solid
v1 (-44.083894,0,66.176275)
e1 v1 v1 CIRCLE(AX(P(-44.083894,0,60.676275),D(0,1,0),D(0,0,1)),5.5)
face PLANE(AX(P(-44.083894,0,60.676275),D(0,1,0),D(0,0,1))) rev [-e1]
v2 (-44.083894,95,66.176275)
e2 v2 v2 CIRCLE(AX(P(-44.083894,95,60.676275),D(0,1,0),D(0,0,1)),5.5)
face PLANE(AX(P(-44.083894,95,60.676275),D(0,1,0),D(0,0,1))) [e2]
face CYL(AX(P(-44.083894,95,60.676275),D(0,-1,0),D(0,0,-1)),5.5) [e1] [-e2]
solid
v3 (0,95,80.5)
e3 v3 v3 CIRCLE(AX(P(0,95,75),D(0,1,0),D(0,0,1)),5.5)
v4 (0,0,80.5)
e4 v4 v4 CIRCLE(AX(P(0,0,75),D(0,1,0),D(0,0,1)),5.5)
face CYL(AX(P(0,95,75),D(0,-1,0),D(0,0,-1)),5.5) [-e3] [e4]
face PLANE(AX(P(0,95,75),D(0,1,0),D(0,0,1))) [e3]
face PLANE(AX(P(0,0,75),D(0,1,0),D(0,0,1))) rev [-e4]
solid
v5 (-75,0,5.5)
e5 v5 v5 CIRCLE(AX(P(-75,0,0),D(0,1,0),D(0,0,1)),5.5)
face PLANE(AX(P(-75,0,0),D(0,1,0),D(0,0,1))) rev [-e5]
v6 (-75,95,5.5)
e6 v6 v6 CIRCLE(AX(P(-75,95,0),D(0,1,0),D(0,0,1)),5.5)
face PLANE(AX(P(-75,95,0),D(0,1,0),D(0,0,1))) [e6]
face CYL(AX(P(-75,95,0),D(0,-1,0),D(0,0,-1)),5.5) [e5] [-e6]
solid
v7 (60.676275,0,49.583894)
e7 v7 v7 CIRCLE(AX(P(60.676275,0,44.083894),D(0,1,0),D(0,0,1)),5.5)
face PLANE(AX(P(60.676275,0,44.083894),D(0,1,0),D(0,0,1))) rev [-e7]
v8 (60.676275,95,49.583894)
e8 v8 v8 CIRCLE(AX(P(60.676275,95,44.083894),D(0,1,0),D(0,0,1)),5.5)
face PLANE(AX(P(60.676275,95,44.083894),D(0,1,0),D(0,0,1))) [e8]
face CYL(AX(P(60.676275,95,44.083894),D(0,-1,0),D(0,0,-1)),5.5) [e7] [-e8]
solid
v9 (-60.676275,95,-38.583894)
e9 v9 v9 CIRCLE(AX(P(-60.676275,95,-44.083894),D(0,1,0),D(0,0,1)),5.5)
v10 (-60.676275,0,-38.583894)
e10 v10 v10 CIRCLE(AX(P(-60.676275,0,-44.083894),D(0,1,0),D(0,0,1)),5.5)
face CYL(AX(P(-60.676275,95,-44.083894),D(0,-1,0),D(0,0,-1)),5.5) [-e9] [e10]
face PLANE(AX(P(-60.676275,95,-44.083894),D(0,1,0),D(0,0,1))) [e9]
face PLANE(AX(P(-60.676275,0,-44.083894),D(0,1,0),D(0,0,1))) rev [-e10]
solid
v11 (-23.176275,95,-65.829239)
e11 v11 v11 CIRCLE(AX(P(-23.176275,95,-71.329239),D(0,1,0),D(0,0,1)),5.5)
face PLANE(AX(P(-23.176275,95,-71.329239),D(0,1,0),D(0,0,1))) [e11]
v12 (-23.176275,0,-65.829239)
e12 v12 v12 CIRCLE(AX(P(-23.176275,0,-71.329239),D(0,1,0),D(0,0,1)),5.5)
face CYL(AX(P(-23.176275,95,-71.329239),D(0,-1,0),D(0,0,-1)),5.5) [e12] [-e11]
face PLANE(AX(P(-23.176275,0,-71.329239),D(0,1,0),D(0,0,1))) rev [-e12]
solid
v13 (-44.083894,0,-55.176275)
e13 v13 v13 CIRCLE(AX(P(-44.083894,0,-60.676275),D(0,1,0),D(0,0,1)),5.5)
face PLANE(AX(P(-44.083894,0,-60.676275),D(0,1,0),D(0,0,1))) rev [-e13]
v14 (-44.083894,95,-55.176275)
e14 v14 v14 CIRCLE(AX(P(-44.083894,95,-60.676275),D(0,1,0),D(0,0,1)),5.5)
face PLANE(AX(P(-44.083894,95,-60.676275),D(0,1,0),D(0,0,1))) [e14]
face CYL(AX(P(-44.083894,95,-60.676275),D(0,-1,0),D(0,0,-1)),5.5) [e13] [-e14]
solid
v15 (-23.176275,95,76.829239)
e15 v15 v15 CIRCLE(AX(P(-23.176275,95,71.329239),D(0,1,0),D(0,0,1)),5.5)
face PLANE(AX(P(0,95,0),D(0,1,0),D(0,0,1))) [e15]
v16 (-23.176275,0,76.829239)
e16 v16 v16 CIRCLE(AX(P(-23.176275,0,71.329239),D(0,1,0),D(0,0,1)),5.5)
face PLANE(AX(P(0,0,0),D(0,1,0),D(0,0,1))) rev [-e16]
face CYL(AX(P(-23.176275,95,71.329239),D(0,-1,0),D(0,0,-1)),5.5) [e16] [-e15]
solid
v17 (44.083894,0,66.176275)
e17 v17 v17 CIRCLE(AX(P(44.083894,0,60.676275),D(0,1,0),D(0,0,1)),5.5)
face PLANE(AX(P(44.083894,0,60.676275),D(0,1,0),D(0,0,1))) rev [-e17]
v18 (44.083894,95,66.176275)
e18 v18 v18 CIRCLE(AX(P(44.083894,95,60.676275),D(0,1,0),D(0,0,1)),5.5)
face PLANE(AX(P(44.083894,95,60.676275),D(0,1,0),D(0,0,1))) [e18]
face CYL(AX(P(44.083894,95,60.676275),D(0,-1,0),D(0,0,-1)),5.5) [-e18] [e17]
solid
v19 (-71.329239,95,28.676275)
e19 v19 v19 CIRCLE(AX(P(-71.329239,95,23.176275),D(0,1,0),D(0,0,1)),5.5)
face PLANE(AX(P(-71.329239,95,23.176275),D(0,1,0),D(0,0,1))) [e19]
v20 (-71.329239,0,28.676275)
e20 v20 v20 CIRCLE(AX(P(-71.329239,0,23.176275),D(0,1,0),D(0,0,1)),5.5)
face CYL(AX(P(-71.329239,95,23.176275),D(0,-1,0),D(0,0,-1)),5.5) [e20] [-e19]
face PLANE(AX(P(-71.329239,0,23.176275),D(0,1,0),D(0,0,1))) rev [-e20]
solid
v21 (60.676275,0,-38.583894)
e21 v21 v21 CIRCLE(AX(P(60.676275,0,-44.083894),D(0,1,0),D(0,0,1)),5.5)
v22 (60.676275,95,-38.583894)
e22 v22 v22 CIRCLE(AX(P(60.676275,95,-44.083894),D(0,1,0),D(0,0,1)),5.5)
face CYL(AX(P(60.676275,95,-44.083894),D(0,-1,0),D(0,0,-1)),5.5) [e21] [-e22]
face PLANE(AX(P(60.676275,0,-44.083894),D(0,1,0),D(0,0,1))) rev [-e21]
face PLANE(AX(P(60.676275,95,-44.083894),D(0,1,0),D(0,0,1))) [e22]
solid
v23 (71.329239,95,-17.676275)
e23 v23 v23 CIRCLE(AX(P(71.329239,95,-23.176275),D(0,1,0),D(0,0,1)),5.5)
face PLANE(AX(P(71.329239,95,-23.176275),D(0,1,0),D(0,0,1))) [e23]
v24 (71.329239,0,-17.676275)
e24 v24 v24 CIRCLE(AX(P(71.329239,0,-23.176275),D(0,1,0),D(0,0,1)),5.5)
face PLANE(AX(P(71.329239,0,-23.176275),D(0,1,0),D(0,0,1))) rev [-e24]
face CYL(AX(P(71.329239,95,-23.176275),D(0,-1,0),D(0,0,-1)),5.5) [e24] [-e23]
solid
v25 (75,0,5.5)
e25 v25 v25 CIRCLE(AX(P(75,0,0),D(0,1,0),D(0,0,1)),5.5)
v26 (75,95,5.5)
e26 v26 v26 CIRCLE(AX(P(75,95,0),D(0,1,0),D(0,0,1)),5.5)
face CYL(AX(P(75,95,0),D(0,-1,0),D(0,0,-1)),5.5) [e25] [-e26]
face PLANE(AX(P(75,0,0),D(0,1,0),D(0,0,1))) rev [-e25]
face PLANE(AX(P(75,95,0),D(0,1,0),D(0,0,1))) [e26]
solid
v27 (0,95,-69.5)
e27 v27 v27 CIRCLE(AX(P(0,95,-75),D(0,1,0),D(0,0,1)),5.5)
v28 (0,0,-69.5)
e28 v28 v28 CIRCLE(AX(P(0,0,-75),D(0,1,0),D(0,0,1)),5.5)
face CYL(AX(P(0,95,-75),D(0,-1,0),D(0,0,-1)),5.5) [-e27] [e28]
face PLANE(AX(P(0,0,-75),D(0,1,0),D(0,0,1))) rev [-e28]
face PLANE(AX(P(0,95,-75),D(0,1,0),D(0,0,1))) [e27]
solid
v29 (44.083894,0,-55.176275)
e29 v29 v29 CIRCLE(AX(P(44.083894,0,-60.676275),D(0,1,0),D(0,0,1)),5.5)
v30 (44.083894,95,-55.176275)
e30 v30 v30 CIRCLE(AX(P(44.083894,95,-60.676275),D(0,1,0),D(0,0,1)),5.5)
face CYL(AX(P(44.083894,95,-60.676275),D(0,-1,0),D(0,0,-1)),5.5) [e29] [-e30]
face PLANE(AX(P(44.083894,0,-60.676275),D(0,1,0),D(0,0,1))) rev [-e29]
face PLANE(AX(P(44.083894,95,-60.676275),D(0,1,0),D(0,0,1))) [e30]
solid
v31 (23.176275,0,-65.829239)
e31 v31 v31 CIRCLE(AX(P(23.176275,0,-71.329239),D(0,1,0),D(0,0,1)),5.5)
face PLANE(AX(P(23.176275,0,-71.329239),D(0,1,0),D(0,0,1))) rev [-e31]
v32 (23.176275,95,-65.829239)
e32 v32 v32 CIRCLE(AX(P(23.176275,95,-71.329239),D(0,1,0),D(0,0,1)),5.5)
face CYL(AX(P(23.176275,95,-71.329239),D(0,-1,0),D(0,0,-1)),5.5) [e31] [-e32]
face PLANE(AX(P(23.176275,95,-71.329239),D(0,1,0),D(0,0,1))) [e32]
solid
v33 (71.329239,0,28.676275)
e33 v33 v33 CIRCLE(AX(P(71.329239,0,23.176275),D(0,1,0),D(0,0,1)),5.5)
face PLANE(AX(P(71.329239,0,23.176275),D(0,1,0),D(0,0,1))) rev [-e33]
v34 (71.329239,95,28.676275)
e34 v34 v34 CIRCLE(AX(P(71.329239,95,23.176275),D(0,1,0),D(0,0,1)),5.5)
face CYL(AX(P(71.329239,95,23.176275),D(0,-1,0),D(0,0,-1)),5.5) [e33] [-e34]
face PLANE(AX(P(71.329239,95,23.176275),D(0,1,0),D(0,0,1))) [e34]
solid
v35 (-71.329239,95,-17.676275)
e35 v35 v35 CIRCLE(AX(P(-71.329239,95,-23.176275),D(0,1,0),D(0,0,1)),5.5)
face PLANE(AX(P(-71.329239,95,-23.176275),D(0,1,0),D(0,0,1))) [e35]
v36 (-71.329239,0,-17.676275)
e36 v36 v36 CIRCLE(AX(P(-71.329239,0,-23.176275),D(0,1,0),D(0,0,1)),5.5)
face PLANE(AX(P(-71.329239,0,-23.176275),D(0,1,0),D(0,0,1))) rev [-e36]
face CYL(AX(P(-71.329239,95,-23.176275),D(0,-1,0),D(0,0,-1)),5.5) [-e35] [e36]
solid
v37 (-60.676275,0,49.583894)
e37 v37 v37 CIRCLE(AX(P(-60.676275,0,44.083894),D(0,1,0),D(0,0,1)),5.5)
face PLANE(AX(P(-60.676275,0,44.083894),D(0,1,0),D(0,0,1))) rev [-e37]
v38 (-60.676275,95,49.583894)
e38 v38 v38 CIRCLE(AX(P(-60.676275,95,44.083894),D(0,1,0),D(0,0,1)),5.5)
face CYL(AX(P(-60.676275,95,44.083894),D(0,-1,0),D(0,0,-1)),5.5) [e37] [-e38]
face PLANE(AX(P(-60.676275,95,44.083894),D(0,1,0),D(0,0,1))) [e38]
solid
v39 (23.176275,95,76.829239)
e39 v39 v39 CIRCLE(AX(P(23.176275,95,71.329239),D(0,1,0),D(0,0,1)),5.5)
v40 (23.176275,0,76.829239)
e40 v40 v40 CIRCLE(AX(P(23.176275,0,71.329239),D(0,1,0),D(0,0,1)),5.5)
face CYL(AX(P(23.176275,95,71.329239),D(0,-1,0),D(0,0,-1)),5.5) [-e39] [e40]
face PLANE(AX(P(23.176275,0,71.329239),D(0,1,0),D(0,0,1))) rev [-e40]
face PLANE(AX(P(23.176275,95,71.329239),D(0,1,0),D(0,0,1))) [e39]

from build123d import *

# Parameters (mm, degrees)
SKETCH1_R              = 5.5
BOSS_EXTRUDE1_DEPTH    = 95
BOSS_EXTRUDE1_2_DEPTH  = 95
BOSS_EXTRUDE1_3_DEPTH  = 95
BOSS_EXTRUDE1_4_DEPTH  = 95
BOSS_EXTRUDE1_5_DEPTH  = 95
BOSS_EXTRUDE1_6_DEPTH  = 95
BOSS_EXTRUDE1_7_DEPTH  = 95
BOSS_EXTRUDE1_8_DEPTH  = 95
BOSS_EXTRUDE1_9_DEPTH  = 95
BOSS_EXTRUDE1_10_DEPTH = 95
BOSS_EXTRUDE1_11_DEPTH = 95
BOSS_EXTRUDE1_12_DEPTH = 95
BOSS_EXTRUDE1_13_DEPTH = 95
BOSS_EXTRUDE1_14_DEPTH = 95
BOSS_EXTRUDE1_15_DEPTH = 95
BOSS_EXTRUDE1_16_DEPTH = 95
BOSS_EXTRUDE1_17_DEPTH = 95
BOSS_EXTRUDE1_18_DEPTH = 95
BOSS_EXTRUDE1_19_DEPTH = 95
BOSS_EXTRUDE1_20_DEPTH = 95


with BuildPart() as part:
    # Sketch1 → Boss-Extrude1 (new body)
    with BuildSketch(Plane(origin=(0, 0, 0), x_dir=(1, 0, 0), z_dir=(0, 1, 0))):
        with Locations((-75, 0)):
            Circle(SKETCH1_R)
    extrude(amount=BOSS_EXTRUDE1_DEPTH)


with BuildPart() as body_2:
    # Sketch1 → Boss-Extrude1 2 (new body)
    with BuildSketch(Plane(origin=(0, 0, 0), x_dir=(1, 0, 0), z_dir=(0, 1, 0))):
        with Locations((-71.329238722, 23.176274578)):
            Circle(SKETCH1_R)
    extrude(amount=BOSS_EXTRUDE1_2_DEPTH)


with BuildPart() as body_3:
    # Sketch1 → Boss-Extrude1 3 (new body)
    with BuildSketch(Plane(origin=(0, 0, 0), x_dir=(1, 0, 0), z_dir=(0, 1, 0))):
        with Locations((-60.676274578, 44.083893922)):
            Circle(SKETCH1_R)
    extrude(amount=BOSS_EXTRUDE1_3_DEPTH)


with BuildPart() as body_4:
    # Sketch1 → Boss-Extrude1 4 (new body)
    with BuildSketch(Plane(origin=(0, 0, 0), x_dir=(1, 0, 0), z_dir=(0, 1, 0))):
        with Locations((-44.083893922, 60.676274578)):
            Circle(SKETCH1_R)
    extrude(amount=BOSS_EXTRUDE1_4_DEPTH)


with BuildPart() as body_5:
    # Sketch1 → Boss-Extrude1 5 (new body)
    with BuildSketch(Plane(origin=(0, 0, 0), x_dir=(1, 0, 0), z_dir=(0, 1, 0))):
        with Locations((-23.176274578, 71.329238722)):
            Circle(SKETCH1_R)
    extrude(amount=BOSS_EXTRUDE1_5_DEPTH)


with BuildPart() as body_6:
    # Sketch1 → Boss-Extrude1 6 (new body)
    with BuildSketch(Plane(origin=(0, 0, 0), x_dir=(1, 0, 0), z_dir=(0, 1, 0))):
        with Locations((0, 75)):
            Circle(SKETCH1_R)
    extrude(amount=BOSS_EXTRUDE1_6_DEPTH)


with BuildPart() as body_7:
    # Sketch1 → Boss-Extrude1 7 (new body)
    with BuildSketch(Plane(origin=(0, 0, 0), x_dir=(1, 0, 0), z_dir=(0, 1, 0))):
        with Locations((23.176274578, 71.329238722)):
            Circle(SKETCH1_R)
    extrude(amount=BOSS_EXTRUDE1_7_DEPTH)


with BuildPart() as body_8:
    # Sketch1 → Boss-Extrude1 8 (new body)
    with BuildSketch(Plane(origin=(0, 0, 0), x_dir=(1, 0, 0), z_dir=(0, 1, 0))):
        with Locations((44.083893922, 60.676274578)):
            Circle(SKETCH1_R)
    extrude(amount=BOSS_EXTRUDE1_8_DEPTH)


with BuildPart() as body_9:
    # Sketch1 → Boss-Extrude1 9 (new body)
    with BuildSketch(Plane(origin=(0, 0, 0), x_dir=(1, 0, 0), z_dir=(0, 1, 0))):
        with Locations((60.676274578, 44.083893922)):
            Circle(SKETCH1_R)
    extrude(amount=BOSS_EXTRUDE1_9_DEPTH)


with BuildPart() as body_10:
    # Sketch1 → Boss-Extrude1 10 (new body)
    with BuildSketch(Plane(origin=(0, 0, 0), x_dir=(1, 0, 0), z_dir=(0, 1, 0))):
        with Locations((71.329238722, 23.176274578)):
            Circle(SKETCH1_R)
    extrude(amount=BOSS_EXTRUDE1_10_DEPTH)


with BuildPart() as body_11:
    # Sketch1 → Boss-Extrude1 11 (new body)
    with BuildSketch(Plane(origin=(0, 0, 0), x_dir=(1, 0, 0), z_dir=(0, 1, 0))):
        with Locations((75, 0)):
            Circle(SKETCH1_R)
    extrude(amount=BOSS_EXTRUDE1_11_DEPTH)


with BuildPart() as body_12:
    # Sketch1 → Boss-Extrude1 12 (new body)
    with BuildSketch(Plane(origin=(0, 0, 0), x_dir=(1, 0, 0), z_dir=(0, 1, 0))):
        with Locations((71.329238722, -23.176274578)):
            Circle(SKETCH1_R)
    extrude(amount=BOSS_EXTRUDE1_12_DEPTH)


with BuildPart() as body_13:
    # Sketch1 → Boss-Extrude1 13 (new body)
    with BuildSketch(Plane(origin=(0, 0, 0), x_dir=(1, 0, 0), z_dir=(0, 1, 0))):
        with Locations((60.676274578, -44.083893922)):
            Circle(SKETCH1_R)
    extrude(amount=BOSS_EXTRUDE1_13_DEPTH)


with BuildPart() as body_14:
    # Sketch1 → Boss-Extrude1 14 (new body)
    with BuildSketch(Plane(origin=(0, 0, 0), x_dir=(1, 0, 0), z_dir=(0, 1, 0))):
        with Locations((44.083893922, -60.676274578)):
            Circle(SKETCH1_R)
    extrude(amount=BOSS_EXTRUDE1_14_DEPTH)


with BuildPart() as body_15:
    # Sketch1 → Boss-Extrude1 15 (new body)
    with BuildSketch(Plane(origin=(0, 0, 0), x_dir=(1, 0, 0), z_dir=(0, 1, 0))):
        with Locations((23.176274578, -71.329238722)):
            Circle(SKETCH1_R)
    extrude(amount=BOSS_EXTRUDE1_15_DEPTH)


with BuildPart() as body_16:
    # Sketch1 → Boss-Extrude1 16 (new body)
    with BuildSketch(Plane(origin=(0, 0, 0), x_dir=(1, 0, 0), z_dir=(0, 1, 0))):
        with Locations((0, -75)):
            Circle(SKETCH1_R)
    extrude(amount=BOSS_EXTRUDE1_16_DEPTH)


with BuildPart() as body_17:
    # Sketch1 → Boss-Extrude1 17 (new body)
    with BuildSketch(Plane(origin=(0, 0, 0), x_dir=(1, 0, 0), z_dir=(0, 1, 0))):
        with Locations((-23.176274578, -71.329238722)):
            Circle(SKETCH1_R)
    extrude(amount=BOSS_EXTRUDE1_17_DEPTH)


with BuildPart() as body_18:
    # Sketch1 → Boss-Extrude1 18 (new body)
    with BuildSketch(Plane(origin=(0, 0, 0), x_dir=(1, 0, 0), z_dir=(0, 1, 0))):
        with Locations((-44.083893922, -60.676274578)):
            Circle(SKETCH1_R)
    extrude(amount=BOSS_EXTRUDE1_18_DEPTH)


with BuildPart() as body_19:
    # Sketch1 → Boss-Extrude1 19 (new body)
    with BuildSketch(Plane(origin=(0, 0, 0), x_dir=(1, 0, 0), z_dir=(0, 1, 0))):
        with Locations((-60.676274578, -44.083893922)):
            Circle(SKETCH1_R)
    extrude(amount=BOSS_EXTRUDE1_19_DEPTH)


with BuildPart() as body_20:
    # Sketch1 → Boss-Extrude1 20 (new body)
    with BuildSketch(Plane(origin=(0, 0, 0), x_dir=(1, 0, 0), z_dir=(0, 1, 0))):
        with Locations((-71.329238722, -23.176274578)):
            Circle(SKETCH1_R)
    extrude(amount=BOSS_EXTRUDE1_20_DEPTH)


solid = Compound([part.part, body_2.part, body_3.part, body_4.part, body_5.part, body_6.part, body_7.part, body_8.part, body_9.part, body_10.part, body_11.part, body_12.part, body_13.part, body_14.part, body_15.part, body_16.part, body_17.part, body_18.part, body_19.part, body_20.part])
